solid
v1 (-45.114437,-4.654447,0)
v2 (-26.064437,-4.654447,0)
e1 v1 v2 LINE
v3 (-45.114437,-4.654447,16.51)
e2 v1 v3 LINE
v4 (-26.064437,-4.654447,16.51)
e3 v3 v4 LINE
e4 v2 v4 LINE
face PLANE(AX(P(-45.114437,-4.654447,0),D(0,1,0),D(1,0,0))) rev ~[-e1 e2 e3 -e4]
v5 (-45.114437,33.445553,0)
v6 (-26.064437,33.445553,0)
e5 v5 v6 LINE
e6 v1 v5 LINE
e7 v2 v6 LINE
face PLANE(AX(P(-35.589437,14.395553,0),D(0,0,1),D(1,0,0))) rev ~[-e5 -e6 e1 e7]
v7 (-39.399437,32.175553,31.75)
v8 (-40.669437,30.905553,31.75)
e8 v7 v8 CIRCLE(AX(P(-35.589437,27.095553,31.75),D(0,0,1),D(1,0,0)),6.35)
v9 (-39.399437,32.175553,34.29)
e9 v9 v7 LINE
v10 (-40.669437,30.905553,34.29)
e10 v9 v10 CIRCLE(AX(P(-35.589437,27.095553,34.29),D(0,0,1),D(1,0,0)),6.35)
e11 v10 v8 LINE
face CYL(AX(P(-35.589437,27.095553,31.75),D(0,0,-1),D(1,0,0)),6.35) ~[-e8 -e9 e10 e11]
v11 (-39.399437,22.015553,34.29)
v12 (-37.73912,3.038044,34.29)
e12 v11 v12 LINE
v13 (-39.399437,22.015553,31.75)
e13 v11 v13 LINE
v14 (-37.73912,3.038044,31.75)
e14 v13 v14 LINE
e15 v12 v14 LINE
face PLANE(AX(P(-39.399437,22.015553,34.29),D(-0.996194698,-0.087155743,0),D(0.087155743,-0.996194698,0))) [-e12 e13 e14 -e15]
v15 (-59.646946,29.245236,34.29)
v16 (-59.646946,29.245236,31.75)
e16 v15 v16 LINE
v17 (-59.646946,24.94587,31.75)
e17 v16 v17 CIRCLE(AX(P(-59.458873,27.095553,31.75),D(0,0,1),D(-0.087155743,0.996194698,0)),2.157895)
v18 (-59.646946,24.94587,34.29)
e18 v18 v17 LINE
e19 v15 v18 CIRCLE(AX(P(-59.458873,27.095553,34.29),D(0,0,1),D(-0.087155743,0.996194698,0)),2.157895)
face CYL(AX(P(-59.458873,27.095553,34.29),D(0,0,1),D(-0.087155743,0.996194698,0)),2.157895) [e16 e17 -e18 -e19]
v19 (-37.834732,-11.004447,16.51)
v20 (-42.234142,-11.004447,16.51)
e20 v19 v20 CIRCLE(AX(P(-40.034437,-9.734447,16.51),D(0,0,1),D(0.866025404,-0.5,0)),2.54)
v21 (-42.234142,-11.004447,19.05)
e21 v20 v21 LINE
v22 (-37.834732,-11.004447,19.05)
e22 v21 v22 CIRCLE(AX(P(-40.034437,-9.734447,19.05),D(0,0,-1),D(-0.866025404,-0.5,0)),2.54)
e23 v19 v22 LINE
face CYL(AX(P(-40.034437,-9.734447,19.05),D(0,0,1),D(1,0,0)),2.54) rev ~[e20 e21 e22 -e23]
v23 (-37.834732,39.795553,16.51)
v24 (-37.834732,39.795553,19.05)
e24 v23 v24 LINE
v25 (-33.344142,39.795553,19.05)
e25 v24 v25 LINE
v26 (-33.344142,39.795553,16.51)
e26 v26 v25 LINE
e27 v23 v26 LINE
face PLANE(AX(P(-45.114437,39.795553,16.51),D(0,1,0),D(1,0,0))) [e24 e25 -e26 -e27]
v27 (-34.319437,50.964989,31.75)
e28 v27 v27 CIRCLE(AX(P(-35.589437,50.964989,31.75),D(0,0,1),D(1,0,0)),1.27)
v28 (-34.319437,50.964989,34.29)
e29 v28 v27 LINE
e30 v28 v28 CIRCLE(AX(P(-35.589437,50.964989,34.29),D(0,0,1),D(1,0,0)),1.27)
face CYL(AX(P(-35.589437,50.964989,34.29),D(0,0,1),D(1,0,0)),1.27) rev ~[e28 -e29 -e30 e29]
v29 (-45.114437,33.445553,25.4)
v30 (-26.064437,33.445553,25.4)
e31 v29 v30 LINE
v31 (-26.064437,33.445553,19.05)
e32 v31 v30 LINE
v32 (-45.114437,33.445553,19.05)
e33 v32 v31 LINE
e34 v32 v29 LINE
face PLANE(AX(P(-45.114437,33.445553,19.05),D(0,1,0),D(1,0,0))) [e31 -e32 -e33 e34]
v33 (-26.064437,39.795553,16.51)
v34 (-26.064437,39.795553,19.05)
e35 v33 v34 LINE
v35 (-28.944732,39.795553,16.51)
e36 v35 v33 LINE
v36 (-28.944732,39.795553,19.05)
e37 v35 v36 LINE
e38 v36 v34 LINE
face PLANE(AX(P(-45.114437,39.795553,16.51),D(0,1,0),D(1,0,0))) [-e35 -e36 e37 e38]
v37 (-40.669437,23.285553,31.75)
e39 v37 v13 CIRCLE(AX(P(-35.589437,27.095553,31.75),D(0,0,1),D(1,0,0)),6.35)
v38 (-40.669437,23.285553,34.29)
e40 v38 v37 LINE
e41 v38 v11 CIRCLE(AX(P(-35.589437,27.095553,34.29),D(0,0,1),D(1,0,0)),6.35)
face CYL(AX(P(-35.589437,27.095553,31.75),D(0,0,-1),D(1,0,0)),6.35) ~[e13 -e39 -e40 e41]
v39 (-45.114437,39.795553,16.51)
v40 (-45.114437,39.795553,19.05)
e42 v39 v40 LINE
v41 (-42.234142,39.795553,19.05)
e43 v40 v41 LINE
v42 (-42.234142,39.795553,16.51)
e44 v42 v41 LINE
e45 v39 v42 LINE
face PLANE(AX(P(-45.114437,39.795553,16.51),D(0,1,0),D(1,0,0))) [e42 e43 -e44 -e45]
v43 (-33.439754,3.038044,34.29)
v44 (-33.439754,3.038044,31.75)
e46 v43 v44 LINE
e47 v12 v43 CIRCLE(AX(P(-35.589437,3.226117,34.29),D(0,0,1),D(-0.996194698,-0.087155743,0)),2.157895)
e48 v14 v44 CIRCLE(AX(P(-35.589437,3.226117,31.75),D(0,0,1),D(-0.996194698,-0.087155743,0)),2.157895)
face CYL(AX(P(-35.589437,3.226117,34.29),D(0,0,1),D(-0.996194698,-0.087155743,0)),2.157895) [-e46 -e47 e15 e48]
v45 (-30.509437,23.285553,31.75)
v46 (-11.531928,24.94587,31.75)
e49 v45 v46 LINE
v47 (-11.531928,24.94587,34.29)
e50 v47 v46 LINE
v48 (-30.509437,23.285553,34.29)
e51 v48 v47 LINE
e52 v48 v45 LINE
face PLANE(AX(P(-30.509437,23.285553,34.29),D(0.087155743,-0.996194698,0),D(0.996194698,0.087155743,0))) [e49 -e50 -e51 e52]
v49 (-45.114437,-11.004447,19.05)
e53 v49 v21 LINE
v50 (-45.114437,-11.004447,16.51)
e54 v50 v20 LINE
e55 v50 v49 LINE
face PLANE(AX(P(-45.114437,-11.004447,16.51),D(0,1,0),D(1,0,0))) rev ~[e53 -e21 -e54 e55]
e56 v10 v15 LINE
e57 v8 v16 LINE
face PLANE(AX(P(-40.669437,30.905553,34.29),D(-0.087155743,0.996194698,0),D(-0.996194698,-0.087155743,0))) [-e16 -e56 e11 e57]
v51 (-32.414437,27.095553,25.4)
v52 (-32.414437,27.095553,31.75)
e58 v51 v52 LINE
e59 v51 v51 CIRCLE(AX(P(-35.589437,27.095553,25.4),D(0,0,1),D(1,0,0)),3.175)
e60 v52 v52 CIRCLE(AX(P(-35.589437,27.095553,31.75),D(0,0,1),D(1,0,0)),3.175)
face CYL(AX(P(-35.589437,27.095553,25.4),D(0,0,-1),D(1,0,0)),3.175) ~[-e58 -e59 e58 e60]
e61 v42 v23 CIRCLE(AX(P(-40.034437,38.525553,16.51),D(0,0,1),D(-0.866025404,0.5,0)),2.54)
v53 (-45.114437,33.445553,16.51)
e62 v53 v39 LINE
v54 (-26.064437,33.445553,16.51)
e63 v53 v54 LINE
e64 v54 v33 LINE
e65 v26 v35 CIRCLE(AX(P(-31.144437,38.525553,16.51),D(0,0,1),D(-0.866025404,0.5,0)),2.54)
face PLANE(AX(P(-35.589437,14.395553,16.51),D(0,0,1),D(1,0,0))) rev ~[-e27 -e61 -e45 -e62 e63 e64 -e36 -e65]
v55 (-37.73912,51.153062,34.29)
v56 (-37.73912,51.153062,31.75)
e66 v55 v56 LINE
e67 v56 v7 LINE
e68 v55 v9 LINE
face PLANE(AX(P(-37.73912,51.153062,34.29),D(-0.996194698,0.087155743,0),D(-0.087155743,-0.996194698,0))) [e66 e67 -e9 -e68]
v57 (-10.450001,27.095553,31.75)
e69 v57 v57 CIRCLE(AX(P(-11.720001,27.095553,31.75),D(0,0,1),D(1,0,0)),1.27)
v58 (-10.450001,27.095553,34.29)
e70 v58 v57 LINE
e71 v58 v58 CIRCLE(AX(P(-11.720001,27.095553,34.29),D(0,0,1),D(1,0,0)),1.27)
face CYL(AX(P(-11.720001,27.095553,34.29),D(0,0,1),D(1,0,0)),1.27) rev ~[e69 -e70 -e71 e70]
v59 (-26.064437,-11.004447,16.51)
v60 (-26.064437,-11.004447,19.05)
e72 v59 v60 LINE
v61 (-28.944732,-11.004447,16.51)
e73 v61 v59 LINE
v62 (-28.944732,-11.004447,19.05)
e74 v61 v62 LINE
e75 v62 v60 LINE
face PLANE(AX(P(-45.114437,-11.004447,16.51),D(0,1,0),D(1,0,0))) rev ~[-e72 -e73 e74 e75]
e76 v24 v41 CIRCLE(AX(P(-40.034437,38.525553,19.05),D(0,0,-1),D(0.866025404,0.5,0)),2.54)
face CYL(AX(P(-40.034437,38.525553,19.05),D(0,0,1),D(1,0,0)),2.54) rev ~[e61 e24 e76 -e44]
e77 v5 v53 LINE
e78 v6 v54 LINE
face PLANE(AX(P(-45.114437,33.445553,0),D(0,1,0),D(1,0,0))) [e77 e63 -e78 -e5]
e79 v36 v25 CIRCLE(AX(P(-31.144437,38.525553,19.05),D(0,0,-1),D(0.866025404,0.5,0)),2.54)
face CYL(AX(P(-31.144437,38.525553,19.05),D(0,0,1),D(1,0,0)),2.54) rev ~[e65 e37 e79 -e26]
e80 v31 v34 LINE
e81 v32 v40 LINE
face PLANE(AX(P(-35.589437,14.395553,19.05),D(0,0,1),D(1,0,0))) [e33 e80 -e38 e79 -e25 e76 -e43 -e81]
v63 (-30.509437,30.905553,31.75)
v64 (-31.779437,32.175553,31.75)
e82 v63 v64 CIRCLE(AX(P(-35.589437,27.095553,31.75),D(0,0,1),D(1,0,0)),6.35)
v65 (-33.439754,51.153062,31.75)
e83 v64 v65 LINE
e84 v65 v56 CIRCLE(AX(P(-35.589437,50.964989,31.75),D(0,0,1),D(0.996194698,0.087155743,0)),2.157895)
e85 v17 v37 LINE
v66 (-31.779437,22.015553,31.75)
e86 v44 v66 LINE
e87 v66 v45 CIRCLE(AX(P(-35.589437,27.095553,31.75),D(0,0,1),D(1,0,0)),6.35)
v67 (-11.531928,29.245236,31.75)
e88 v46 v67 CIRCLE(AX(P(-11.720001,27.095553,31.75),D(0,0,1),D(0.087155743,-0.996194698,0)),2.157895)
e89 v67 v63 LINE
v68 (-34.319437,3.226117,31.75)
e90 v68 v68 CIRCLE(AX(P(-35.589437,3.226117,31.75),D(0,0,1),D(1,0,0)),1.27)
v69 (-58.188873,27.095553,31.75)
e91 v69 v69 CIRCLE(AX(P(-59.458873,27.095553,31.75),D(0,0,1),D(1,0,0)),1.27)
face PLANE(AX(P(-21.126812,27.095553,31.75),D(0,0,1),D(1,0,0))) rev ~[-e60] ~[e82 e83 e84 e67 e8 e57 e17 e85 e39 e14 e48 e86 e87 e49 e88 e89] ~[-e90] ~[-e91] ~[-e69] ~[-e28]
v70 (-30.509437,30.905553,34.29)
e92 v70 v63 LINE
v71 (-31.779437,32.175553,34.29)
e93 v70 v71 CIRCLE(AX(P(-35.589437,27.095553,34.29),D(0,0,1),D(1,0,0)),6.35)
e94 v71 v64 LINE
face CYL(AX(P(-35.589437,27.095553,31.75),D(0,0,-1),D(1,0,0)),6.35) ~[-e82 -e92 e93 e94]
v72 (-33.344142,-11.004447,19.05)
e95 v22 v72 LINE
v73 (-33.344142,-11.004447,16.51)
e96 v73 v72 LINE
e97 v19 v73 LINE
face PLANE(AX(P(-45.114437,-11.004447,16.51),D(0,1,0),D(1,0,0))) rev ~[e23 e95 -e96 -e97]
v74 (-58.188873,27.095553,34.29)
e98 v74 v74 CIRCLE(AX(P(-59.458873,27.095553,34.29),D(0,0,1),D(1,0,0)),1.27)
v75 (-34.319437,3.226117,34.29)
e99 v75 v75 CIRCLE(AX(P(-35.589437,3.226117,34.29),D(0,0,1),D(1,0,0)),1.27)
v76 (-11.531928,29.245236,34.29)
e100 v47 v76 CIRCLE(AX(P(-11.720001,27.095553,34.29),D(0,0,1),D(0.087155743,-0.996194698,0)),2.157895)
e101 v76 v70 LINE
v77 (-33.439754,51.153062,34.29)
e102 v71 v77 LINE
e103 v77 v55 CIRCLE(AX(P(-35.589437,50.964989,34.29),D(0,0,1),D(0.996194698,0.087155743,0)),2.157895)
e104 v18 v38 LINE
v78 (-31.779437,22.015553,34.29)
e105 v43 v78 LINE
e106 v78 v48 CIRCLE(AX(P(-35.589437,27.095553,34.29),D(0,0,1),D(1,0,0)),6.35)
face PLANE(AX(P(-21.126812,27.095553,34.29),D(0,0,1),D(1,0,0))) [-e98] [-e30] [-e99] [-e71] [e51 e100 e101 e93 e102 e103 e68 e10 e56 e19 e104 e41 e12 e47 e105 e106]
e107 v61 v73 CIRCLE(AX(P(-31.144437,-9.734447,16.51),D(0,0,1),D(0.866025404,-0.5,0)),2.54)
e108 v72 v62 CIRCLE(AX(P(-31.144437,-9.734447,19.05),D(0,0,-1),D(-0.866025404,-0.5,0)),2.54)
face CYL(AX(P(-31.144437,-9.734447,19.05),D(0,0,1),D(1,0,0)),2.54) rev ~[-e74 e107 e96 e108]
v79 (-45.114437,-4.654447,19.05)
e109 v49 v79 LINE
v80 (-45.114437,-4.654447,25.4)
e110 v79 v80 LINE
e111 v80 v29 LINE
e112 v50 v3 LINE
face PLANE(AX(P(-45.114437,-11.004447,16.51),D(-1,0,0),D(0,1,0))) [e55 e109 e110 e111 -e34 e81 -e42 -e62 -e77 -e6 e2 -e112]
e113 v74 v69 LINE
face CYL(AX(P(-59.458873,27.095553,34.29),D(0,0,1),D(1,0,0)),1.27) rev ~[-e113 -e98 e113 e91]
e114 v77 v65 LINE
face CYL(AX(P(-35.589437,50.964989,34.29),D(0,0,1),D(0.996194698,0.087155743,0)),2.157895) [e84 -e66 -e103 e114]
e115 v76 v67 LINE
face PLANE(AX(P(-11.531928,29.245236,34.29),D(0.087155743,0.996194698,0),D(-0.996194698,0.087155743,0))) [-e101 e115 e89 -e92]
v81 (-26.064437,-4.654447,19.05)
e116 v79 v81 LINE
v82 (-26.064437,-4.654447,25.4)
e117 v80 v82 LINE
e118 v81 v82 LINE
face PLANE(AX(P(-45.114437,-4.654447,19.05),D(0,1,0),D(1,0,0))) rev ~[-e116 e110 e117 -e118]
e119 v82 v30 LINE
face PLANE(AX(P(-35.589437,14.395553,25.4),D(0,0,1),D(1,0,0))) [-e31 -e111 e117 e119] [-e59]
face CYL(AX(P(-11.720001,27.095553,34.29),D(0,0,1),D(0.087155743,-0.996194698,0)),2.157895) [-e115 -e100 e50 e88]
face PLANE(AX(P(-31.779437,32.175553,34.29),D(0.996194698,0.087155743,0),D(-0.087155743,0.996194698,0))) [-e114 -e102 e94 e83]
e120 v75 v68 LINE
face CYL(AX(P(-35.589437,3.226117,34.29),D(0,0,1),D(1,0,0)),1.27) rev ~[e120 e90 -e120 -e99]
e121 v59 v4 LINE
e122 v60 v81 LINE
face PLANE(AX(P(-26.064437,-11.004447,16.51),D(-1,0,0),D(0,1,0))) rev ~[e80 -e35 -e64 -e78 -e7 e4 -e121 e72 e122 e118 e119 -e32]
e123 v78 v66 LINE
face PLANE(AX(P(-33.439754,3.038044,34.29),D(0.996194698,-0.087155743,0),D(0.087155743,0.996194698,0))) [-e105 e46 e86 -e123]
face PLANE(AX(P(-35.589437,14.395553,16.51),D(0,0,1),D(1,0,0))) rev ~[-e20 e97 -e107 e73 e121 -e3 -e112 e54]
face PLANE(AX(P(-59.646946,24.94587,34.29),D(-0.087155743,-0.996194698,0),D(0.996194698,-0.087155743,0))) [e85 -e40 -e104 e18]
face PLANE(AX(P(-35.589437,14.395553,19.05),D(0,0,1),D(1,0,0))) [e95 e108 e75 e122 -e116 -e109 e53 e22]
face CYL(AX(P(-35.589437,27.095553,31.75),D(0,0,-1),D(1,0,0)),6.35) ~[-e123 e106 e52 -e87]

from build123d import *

# Parameters (mm, degrees)
F0_W      = 19.05
F0_H      = 38.1
F1_DEPTH  = 16.51
F2_W      = 19.05
F2_H      = 50.8
F3_DEPTH  = 2.54
F4_R      = 2.54
F5_DEPTH  = 2.54
F6_W      = 19.05
F6_H      = 38.1
F7_DEPTH  = 6.35
F8_R      = 3.175
F9_DEPTH  = 6.35
F10_R     = 6.35
F11_DEPTH = 2.54
F12_R     = 1.27
F13_DEPTH = 2.54


with BuildPart() as f1:
    # F0 (on Top) → F1 (new body)
    with BuildSketch(Plane.XY):
        with Locations((-35.5894370005, 14.3955526778)):
            Rectangle(F0_W, F0_H)
    extrude(amount=F1_DEPTH)

    # F2 (on face) → F3 (join)
    with BuildSketch(Plane.XY.offset(16.51)):
        with Locations((-35.5894370005, 14.3955526778)):
            Rectangle(F2_W, F2_H)
    extrude(amount=F3_DEPTH)

    # F4 (on face) → F5 (cut)
    with BuildSketch(Plane.XY.offset(19.05)):
        with Locations((-40.0344370005, 38.5255526778)):
            Circle(F4_R)
        with Locations((-31.1444370005, 38.5255526778)):
            Circle(F4_R)
        with Locations((-31.1444370005, -9.7344473222)):
            Circle(F4_R)
        with Locations((-40.0344370005, -9.7344473222)):
            Circle(F4_R)
    extrude(amount=-F5_DEPTH, mode=Mode.SUBTRACT)

    # F6 (on face) → F7 (join)
    with BuildSketch(Plane.XY.offset(19.05)):
        with Locations((-35.5894370005, 14.3955526778)):
            Rectangle(F6_W, F6_H)
    extrude(amount=F7_DEPTH)

    # F8 (on face) → F9 (join)
    with BuildSketch(Plane.XY.offset(25.4)):
        with Locations((-35.5894370005, 27.0955526778)):
            Circle(F8_R)
    extrude(amount=F9_DEPTH)

    # F10 (on face) → F11 (join)
    with BuildSketch(Plane.XY.offset(31.75)):
        with Locations((-35.5894370005, 27.0955526778)):
            Circle(F10_R)
    extrude(amount=F11_DEPTH)

    # F12 (on face) → F13 (join)
    with BuildSketch(Plane.XY.offset(34.29)):
        with BuildLine():
            Line((-37.7391201011, 51.1530616765), (-39.3994370005, 32.1755526778))
            ThreePointArc((-39.3994370005, 32.1755526778), (-35.5894370005, 33.4455526778), (-31.7794370005, 32.1755526778))
            Line((-31.7794370005, 32.1755526778), (-33.4397538998, 51.1530616765))
            ThreePointArc((-33.4397538998, 51.1530616765), (-35.5894370005, 53.1228833158), (-37.7391201011, 51.1530616765))
        make_face()
        with Locations((-35.5894370005, 50.964988775)):
            Circle(F12_R, mode=Mode.SUBTRACT)
        with BuildLine():
            Line((-11.5319280018, 29.2452357785), (-30.5094370005, 30.9055526778))
            ThreePointArc((-30.5094370005, 30.9055526778), (-29.2394370005, 27.0955526778), (-30.5094370005, 23.2855526778))
            Line((-30.5094370005, 23.2855526778), (-11.5319280018, 24.9458695772))
            ThreePointArc((-11.5319280018, 24.9458695772), (-9.5621063624, 27.0955526778), (-11.5319280018, 29.2452357785))
        make_face()
        with Locations((-11.7200009033, 27.0955526778)):
            Circle(F12_R, mode=Mode.SUBTRACT)
        with BuildLine():
            Line((-33.4397538998, 3.0380436792), (-31.7794370005, 22.0155526778))
            ThreePointArc((-31.7794370005, 22.0155526778), (-35.5894370005, 20.7455526778), (-39.3994370005, 22.0155526778))
            Line((-39.3994370005, 22.0155526778), (-37.7391201011, 3.0380436792))
            ThreePointArc((-37.7391201011, 3.0380436792), (-35.5894370005, 1.0682220398), (-33.4397538998, 3.0380436792))
        make_face()
        with Locations((-35.5894370005, 3.2261165806)):
            Circle(F12_R, mode=Mode.SUBTRACT)
        with BuildLine():
            ThreePointArc((-40.6694370005, 23.2855526778), (-41.9394370005, 27.0955526778), (-40.6694370005, 30.9055526778))
            Line((-40.6694370005, 30.9055526778), (-59.6469459991, 29.2452357785))
            ThreePointArc((-59.6469459991, 29.2452357785), (-61.6167676385, 27.0955526778), (-59.6469459991, 24.9458695772))
            Line((-59.6469459991, 24.9458695772), (-40.6694370005, 23.2855526778))
        make_face()
        with Locations((-59.4588730976, 27.0955526778)):
            Circle(F12_R, mode=Mode.SUBTRACT)
    extrude(amount=-F13_DEPTH)


solid = f1.part
